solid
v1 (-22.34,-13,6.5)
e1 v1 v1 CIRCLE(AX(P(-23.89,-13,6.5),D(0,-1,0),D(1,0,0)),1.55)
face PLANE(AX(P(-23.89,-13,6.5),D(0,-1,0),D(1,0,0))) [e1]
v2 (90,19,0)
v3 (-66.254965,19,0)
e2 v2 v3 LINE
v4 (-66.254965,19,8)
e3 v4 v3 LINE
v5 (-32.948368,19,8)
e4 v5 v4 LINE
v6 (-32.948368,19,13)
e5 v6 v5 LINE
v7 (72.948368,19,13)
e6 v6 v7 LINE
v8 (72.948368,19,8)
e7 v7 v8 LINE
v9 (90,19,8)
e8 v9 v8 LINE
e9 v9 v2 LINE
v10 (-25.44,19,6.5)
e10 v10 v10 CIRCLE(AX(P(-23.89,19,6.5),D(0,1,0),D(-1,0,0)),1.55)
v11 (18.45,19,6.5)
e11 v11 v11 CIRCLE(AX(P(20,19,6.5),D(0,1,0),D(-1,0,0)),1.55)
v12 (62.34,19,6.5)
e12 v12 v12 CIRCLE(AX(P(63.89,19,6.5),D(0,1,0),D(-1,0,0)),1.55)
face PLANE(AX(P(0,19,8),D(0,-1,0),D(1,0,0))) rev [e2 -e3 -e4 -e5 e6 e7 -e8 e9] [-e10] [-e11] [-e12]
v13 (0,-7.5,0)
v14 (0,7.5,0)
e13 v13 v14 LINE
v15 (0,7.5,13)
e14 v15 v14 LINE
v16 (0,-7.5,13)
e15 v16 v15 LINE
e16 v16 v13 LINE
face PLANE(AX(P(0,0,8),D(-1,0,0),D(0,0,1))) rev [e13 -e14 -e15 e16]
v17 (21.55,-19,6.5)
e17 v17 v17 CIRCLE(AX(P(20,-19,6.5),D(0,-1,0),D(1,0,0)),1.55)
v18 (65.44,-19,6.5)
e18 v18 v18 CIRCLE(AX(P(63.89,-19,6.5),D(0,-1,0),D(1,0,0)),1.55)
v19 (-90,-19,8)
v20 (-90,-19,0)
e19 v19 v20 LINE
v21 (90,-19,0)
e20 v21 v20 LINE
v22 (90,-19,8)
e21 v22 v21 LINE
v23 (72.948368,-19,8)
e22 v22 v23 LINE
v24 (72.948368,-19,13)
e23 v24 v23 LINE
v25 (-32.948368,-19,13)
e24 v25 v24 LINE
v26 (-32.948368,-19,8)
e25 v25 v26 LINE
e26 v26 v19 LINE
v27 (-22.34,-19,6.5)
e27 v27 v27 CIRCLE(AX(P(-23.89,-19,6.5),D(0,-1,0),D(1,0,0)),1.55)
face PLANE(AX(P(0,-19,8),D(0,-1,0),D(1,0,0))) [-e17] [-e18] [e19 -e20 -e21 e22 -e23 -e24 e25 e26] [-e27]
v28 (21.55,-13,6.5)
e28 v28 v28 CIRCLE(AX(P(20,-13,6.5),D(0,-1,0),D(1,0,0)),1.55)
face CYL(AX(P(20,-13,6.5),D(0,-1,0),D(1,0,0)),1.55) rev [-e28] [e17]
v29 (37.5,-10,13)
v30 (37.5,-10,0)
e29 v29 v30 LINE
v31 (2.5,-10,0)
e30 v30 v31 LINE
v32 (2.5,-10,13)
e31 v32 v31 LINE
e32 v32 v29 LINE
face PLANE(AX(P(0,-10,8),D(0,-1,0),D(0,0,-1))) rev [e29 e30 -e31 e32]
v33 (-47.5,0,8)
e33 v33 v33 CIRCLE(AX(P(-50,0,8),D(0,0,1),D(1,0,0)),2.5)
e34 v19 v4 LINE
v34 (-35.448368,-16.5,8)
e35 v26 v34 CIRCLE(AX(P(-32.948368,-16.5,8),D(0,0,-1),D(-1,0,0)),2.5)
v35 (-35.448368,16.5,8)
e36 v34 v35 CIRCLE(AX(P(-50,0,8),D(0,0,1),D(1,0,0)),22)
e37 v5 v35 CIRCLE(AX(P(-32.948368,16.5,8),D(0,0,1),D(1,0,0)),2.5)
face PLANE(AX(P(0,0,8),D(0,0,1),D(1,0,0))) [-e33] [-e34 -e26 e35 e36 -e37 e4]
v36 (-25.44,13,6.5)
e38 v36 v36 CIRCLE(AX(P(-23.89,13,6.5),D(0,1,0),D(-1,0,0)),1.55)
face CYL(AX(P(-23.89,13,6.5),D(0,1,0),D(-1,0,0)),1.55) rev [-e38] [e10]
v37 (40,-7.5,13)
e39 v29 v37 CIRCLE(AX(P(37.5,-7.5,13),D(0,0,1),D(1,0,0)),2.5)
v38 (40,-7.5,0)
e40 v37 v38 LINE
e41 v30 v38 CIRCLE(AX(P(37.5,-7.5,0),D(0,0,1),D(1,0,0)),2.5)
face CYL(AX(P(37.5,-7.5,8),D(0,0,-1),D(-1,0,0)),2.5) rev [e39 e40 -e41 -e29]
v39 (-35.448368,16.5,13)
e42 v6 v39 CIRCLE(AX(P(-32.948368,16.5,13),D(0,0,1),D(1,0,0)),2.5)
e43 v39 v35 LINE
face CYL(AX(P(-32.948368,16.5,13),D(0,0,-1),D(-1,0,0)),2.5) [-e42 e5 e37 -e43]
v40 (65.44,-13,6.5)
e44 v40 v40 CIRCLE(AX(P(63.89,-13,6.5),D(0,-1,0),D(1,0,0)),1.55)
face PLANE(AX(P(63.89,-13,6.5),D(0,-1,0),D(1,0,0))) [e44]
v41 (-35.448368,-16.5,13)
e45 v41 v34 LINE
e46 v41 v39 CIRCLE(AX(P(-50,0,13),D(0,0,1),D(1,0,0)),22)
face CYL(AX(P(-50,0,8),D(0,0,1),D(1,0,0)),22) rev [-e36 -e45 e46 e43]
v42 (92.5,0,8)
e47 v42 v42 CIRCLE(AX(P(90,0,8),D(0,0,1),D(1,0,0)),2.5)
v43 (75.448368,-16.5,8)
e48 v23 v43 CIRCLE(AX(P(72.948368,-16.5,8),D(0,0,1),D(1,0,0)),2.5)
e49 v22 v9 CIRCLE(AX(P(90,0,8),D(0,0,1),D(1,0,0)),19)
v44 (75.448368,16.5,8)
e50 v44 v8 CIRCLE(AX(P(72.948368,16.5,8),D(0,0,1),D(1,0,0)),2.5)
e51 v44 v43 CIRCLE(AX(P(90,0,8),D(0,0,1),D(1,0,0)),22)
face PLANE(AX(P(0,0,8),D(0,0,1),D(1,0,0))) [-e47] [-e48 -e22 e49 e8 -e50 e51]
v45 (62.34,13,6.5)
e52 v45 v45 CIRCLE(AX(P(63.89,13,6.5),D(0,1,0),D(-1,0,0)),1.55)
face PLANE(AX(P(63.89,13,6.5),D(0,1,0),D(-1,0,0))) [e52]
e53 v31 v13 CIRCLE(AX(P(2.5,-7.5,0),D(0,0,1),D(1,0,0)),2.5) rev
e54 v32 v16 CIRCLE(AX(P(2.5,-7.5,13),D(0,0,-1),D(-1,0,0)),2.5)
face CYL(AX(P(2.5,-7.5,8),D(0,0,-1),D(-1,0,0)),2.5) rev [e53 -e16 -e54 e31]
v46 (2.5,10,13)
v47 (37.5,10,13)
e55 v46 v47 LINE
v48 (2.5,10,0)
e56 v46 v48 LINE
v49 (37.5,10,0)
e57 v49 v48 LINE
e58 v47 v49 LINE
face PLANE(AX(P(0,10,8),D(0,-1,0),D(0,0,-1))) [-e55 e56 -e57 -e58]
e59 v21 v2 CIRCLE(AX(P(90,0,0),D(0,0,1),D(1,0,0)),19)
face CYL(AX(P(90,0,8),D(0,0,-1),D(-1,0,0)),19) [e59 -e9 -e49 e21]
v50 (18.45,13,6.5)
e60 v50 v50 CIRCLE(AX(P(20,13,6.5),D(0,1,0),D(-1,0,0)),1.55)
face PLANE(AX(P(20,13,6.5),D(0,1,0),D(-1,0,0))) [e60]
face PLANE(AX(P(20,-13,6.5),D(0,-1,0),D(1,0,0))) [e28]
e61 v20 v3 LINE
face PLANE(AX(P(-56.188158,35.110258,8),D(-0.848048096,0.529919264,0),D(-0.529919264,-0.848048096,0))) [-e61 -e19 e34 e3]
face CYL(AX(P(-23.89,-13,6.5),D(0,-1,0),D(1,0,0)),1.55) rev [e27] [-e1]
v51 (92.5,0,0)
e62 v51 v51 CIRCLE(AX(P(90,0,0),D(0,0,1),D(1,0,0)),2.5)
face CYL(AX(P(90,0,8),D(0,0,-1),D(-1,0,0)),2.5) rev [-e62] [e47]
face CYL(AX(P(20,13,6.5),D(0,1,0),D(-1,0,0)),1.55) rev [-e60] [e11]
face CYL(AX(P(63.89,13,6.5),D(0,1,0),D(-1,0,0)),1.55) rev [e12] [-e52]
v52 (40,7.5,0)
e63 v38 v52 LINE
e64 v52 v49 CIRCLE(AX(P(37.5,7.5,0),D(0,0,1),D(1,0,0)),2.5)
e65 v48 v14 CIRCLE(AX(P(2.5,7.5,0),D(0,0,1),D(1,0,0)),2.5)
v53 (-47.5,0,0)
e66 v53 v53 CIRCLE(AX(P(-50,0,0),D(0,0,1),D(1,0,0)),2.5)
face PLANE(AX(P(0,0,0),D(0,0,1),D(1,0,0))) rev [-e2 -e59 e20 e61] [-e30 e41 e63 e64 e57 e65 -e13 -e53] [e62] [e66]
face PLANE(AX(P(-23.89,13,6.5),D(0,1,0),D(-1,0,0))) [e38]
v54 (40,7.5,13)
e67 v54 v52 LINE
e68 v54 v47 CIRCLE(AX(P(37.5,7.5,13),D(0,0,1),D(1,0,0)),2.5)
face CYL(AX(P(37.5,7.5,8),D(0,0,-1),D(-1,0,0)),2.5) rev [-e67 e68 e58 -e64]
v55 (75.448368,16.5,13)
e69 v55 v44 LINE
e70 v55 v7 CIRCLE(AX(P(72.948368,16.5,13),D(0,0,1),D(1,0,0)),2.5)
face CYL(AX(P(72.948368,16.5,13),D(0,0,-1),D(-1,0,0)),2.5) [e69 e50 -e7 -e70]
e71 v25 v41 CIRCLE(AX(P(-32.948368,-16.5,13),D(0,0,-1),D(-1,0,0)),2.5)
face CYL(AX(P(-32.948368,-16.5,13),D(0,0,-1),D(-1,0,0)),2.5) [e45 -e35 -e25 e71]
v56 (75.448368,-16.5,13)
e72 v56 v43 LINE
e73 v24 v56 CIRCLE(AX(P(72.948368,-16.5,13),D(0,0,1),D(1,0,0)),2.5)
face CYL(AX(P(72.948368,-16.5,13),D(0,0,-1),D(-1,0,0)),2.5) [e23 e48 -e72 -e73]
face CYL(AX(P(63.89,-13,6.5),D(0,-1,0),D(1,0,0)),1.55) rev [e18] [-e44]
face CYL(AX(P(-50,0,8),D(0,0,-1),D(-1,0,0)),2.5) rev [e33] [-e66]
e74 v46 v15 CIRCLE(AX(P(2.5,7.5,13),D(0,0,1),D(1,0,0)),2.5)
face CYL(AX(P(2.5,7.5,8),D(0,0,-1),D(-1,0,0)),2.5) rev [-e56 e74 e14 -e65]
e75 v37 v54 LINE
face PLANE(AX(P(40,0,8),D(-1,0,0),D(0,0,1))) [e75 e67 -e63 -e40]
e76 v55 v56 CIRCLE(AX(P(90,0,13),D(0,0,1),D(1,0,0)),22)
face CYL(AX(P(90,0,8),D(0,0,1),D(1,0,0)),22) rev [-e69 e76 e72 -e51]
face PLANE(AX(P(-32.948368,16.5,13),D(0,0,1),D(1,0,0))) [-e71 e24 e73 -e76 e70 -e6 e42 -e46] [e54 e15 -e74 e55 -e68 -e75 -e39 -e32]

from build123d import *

# Parameters (mm, degrees)
SKETCH1_R           = 2.5
BOSS_EXTRUDE3_DEPTH = 8
BOSS_EXTRUDE7_DEPTH = 5
CUT_EXTRUDE1_DEPTH  = 112.404667766
SKETCH18_R          = 1.55
CUT_EXTRUDE2_DEPTH  = 6
CUT_EXTRUDE3_START  = -6
SKETCH19_R          = 1.55
CUT_EXTRUDE3_DEPTH  = 6
SKETCH21_R          = 22
CUT_EXTRUDE5_DEPTH  = 5


with BuildPart() as part:
    # Sketch1 → Boss-Extrude3 (new body)
    # profile 1 of 5: a face of its own
    with BuildSketch(Plane.XY):
        with BuildLine():
            Line((-66.254964627, 19), (-90, -19))
            Line((-90, -19), (90, -19))
            ThreePointArc((90, -19), (71, 0), (90, 19))
            Line((90, 19), (-66.254964627, 19))
        make_face()
        with Locations((-50, 0)):
            Circle(SKETCH1_R, mode=Mode.SUBTRACT)
        with BuildLine():
            ThreePointArc((40, -7.5), (39.267766953, -9.267766953), (37.5, -10))
            Line((37.5, -10), (2.5, -10))
            ThreePointArc((2.5, -10), (0.732233047, -9.267766953), (0, -7.5))
            Line((0, -7.5), (0, 7.5))
            ThreePointArc((0, 7.5), (0.732233047, 9.267766953), (2.5, 10))
            Line((2.5, 10), (37.5, 10))
            ThreePointArc((37.5, 10), (39.267766953, 9.267766953), (40, 7.5))
            Line((40, 7.5), (40, -7.5))
        make_face(mode=Mode.SUBTRACT)
    # profile 2 of 5: a face of its own
    with BuildSketch(Plane.XY):
        with BuildLine():
            ThreePointArc((90, 19), (71, 0), (90, -19))
            Line((90, -19), (90, -2.5))
            ThreePointArc((90, -2.5), (87.5, 0), (90, 2.5))
            Line((90, 2.5), (90, 19))
        make_face()
    # profile 3 of 5: a face of its own
    with BuildSketch(Plane.XY):
        with BuildLine():
            Line((90, -2.5), (90, -19))
            ThreePointArc((90, -19), (103.435028843, -13.435028843), (109, 0))
            ThreePointArc((109, 0), (103.435028843, 13.435028843), (90, 19))
            Line((90, 19), (90, 2.5))
            ThreePointArc((90, 2.5), (91.767766953, 1.767766953), (92.5, 0))
            ThreePointArc((92.5, 0), (91.767766953, -1.767766953), (90, -2.5))
        make_face()
    # profile 4 of 5: a face of its own
    with BuildSketch(Plane.XY):
        with BuildLine():
            ThreePointArc((90, 19), (71, 0), (90, -19))
            Line((90, -19), (90, -2.5))
            ThreePointArc((90, -2.5), (87.5, 0), (90, 2.5))
            Line((90, 2.5), (90, 19))
        make_face()
    # profile 5 of 5: a face of its own
    with BuildSketch(Plane.XY):
        with BuildLine():
            Line((90, -2.5), (90, -19))
            ThreePointArc((90, -19), (103.435028843, -13.435028843), (109, 0))
            ThreePointArc((109, 0), (103.435028843, 13.435028843), (90, 19))
            Line((90, 19), (90, 2.5))
            ThreePointArc((90, 2.5), (91.767766953, 1.767766953), (92.5, 0))
            ThreePointArc((92.5, 0), (91.767766953, -1.767766953), (90, -2.5))
        make_face()
    extrude(amount=BOSS_EXTRUDE3_DEPTH)

    # Sketch3 → Boss-Extrude7 (add)
    with BuildSketch(Plane.XY.offset(8)):
        with BuildLine():
            Line((-32.948367789, 19), (72.948367789, 19))
            ThreePointArc((72.948367789, 19), (74.716134742, 18.267766953), (75.448367789, 16.5))
            Line((75.448367789, 16.5), (75.448367789, -16.5))
            ThreePointArc((75.448367789, -16.5), (74.716134742, -18.267766953), (72.948367789, -19))
            Line((72.948367789, -19), (-32.948367789, -19))
            ThreePointArc((-32.948367789, -19), (-34.716134742, -18.267766953), (-35.448367789, -16.5))
            Line((-35.448367789, -16.5), (-35.448367789, 16.5))
            ThreePointArc((-35.448367789, 16.5), (-34.716134742, 18.267766953), (-32.948367789, 19))
        make_face()
    extrude(amount=BOSS_EXTRUDE7_DEPTH)

    # Sketch14 → Cut-Extrude1 (cut, through all)
    with BuildSketch(Plane.XY.offset(13)):
        with BuildLine():
            Line((2.5, -10), (37.5, -10))
            ThreePointArc((37.5, -10), (39.267766953, -9.267766953), (40, -7.5))
            Line((40, -7.5), (40, 7.5))
            ThreePointArc((40, 7.5), (39.267766953, 9.267766953), (37.5, 10))
            Line((37.5, 10), (2.5, 10))
            ThreePointArc((2.5, 10), (0.732233047, 9.267766953), (0, 7.5))
            Line((0, 7.5), (0, -7.5))
            ThreePointArc((0, -7.5), (0.732233047, -9.267766953), (2.5, -10))
        make_face()
    extrude(amount=-CUT_EXTRUDE1_DEPTH, mode=Mode.SUBTRACT)

    # Sketch18 → Cut-Extrude2 (cut)
    with BuildSketch(Plane.XZ.offset(19)):
        with Locations((-23.89, 6.5)):
            Circle(SKETCH18_R)
        with Locations((20, 6.5)):
            Circle(SKETCH18_R)
        with Locations((63.89, 6.5)):
            Circle(SKETCH18_R)
    extrude(amount=-CUT_EXTRUDE2_DEPTH, mode=Mode.SUBTRACT)

    # Sketch19 → Cut-Extrude3 (cut)
    with BuildSketch(Plane(origin=(0, 19, 0), x_dir=(1, 0, 0), z_dir=(0, 1, 0)).offset(CUT_EXTRUDE3_START)):
        with Locations((-23.89, -6.5)):
            Circle(SKETCH19_R)
        with Locations((20, -6.5)):
            Circle(SKETCH19_R)
        with Locations((63.89, -6.5)):
            Circle(SKETCH19_R)
    extrude(amount=CUT_EXTRUDE3_DEPTH, mode=Mode.SUBTRACT)

    # Sketch21 → Cut-Extrude5 (cut)
    with BuildSketch(Plane.XY.offset(13)):
        with Locations((-50, 0)):
            Circle(SKETCH21_R)
        with Locations((90, 0)):
            Circle(SKETCH21_R)
    extrude(amount=-CUT_EXTRUDE5_DEPTH, mode=Mode.SUBTRACT)


solid = part.part
